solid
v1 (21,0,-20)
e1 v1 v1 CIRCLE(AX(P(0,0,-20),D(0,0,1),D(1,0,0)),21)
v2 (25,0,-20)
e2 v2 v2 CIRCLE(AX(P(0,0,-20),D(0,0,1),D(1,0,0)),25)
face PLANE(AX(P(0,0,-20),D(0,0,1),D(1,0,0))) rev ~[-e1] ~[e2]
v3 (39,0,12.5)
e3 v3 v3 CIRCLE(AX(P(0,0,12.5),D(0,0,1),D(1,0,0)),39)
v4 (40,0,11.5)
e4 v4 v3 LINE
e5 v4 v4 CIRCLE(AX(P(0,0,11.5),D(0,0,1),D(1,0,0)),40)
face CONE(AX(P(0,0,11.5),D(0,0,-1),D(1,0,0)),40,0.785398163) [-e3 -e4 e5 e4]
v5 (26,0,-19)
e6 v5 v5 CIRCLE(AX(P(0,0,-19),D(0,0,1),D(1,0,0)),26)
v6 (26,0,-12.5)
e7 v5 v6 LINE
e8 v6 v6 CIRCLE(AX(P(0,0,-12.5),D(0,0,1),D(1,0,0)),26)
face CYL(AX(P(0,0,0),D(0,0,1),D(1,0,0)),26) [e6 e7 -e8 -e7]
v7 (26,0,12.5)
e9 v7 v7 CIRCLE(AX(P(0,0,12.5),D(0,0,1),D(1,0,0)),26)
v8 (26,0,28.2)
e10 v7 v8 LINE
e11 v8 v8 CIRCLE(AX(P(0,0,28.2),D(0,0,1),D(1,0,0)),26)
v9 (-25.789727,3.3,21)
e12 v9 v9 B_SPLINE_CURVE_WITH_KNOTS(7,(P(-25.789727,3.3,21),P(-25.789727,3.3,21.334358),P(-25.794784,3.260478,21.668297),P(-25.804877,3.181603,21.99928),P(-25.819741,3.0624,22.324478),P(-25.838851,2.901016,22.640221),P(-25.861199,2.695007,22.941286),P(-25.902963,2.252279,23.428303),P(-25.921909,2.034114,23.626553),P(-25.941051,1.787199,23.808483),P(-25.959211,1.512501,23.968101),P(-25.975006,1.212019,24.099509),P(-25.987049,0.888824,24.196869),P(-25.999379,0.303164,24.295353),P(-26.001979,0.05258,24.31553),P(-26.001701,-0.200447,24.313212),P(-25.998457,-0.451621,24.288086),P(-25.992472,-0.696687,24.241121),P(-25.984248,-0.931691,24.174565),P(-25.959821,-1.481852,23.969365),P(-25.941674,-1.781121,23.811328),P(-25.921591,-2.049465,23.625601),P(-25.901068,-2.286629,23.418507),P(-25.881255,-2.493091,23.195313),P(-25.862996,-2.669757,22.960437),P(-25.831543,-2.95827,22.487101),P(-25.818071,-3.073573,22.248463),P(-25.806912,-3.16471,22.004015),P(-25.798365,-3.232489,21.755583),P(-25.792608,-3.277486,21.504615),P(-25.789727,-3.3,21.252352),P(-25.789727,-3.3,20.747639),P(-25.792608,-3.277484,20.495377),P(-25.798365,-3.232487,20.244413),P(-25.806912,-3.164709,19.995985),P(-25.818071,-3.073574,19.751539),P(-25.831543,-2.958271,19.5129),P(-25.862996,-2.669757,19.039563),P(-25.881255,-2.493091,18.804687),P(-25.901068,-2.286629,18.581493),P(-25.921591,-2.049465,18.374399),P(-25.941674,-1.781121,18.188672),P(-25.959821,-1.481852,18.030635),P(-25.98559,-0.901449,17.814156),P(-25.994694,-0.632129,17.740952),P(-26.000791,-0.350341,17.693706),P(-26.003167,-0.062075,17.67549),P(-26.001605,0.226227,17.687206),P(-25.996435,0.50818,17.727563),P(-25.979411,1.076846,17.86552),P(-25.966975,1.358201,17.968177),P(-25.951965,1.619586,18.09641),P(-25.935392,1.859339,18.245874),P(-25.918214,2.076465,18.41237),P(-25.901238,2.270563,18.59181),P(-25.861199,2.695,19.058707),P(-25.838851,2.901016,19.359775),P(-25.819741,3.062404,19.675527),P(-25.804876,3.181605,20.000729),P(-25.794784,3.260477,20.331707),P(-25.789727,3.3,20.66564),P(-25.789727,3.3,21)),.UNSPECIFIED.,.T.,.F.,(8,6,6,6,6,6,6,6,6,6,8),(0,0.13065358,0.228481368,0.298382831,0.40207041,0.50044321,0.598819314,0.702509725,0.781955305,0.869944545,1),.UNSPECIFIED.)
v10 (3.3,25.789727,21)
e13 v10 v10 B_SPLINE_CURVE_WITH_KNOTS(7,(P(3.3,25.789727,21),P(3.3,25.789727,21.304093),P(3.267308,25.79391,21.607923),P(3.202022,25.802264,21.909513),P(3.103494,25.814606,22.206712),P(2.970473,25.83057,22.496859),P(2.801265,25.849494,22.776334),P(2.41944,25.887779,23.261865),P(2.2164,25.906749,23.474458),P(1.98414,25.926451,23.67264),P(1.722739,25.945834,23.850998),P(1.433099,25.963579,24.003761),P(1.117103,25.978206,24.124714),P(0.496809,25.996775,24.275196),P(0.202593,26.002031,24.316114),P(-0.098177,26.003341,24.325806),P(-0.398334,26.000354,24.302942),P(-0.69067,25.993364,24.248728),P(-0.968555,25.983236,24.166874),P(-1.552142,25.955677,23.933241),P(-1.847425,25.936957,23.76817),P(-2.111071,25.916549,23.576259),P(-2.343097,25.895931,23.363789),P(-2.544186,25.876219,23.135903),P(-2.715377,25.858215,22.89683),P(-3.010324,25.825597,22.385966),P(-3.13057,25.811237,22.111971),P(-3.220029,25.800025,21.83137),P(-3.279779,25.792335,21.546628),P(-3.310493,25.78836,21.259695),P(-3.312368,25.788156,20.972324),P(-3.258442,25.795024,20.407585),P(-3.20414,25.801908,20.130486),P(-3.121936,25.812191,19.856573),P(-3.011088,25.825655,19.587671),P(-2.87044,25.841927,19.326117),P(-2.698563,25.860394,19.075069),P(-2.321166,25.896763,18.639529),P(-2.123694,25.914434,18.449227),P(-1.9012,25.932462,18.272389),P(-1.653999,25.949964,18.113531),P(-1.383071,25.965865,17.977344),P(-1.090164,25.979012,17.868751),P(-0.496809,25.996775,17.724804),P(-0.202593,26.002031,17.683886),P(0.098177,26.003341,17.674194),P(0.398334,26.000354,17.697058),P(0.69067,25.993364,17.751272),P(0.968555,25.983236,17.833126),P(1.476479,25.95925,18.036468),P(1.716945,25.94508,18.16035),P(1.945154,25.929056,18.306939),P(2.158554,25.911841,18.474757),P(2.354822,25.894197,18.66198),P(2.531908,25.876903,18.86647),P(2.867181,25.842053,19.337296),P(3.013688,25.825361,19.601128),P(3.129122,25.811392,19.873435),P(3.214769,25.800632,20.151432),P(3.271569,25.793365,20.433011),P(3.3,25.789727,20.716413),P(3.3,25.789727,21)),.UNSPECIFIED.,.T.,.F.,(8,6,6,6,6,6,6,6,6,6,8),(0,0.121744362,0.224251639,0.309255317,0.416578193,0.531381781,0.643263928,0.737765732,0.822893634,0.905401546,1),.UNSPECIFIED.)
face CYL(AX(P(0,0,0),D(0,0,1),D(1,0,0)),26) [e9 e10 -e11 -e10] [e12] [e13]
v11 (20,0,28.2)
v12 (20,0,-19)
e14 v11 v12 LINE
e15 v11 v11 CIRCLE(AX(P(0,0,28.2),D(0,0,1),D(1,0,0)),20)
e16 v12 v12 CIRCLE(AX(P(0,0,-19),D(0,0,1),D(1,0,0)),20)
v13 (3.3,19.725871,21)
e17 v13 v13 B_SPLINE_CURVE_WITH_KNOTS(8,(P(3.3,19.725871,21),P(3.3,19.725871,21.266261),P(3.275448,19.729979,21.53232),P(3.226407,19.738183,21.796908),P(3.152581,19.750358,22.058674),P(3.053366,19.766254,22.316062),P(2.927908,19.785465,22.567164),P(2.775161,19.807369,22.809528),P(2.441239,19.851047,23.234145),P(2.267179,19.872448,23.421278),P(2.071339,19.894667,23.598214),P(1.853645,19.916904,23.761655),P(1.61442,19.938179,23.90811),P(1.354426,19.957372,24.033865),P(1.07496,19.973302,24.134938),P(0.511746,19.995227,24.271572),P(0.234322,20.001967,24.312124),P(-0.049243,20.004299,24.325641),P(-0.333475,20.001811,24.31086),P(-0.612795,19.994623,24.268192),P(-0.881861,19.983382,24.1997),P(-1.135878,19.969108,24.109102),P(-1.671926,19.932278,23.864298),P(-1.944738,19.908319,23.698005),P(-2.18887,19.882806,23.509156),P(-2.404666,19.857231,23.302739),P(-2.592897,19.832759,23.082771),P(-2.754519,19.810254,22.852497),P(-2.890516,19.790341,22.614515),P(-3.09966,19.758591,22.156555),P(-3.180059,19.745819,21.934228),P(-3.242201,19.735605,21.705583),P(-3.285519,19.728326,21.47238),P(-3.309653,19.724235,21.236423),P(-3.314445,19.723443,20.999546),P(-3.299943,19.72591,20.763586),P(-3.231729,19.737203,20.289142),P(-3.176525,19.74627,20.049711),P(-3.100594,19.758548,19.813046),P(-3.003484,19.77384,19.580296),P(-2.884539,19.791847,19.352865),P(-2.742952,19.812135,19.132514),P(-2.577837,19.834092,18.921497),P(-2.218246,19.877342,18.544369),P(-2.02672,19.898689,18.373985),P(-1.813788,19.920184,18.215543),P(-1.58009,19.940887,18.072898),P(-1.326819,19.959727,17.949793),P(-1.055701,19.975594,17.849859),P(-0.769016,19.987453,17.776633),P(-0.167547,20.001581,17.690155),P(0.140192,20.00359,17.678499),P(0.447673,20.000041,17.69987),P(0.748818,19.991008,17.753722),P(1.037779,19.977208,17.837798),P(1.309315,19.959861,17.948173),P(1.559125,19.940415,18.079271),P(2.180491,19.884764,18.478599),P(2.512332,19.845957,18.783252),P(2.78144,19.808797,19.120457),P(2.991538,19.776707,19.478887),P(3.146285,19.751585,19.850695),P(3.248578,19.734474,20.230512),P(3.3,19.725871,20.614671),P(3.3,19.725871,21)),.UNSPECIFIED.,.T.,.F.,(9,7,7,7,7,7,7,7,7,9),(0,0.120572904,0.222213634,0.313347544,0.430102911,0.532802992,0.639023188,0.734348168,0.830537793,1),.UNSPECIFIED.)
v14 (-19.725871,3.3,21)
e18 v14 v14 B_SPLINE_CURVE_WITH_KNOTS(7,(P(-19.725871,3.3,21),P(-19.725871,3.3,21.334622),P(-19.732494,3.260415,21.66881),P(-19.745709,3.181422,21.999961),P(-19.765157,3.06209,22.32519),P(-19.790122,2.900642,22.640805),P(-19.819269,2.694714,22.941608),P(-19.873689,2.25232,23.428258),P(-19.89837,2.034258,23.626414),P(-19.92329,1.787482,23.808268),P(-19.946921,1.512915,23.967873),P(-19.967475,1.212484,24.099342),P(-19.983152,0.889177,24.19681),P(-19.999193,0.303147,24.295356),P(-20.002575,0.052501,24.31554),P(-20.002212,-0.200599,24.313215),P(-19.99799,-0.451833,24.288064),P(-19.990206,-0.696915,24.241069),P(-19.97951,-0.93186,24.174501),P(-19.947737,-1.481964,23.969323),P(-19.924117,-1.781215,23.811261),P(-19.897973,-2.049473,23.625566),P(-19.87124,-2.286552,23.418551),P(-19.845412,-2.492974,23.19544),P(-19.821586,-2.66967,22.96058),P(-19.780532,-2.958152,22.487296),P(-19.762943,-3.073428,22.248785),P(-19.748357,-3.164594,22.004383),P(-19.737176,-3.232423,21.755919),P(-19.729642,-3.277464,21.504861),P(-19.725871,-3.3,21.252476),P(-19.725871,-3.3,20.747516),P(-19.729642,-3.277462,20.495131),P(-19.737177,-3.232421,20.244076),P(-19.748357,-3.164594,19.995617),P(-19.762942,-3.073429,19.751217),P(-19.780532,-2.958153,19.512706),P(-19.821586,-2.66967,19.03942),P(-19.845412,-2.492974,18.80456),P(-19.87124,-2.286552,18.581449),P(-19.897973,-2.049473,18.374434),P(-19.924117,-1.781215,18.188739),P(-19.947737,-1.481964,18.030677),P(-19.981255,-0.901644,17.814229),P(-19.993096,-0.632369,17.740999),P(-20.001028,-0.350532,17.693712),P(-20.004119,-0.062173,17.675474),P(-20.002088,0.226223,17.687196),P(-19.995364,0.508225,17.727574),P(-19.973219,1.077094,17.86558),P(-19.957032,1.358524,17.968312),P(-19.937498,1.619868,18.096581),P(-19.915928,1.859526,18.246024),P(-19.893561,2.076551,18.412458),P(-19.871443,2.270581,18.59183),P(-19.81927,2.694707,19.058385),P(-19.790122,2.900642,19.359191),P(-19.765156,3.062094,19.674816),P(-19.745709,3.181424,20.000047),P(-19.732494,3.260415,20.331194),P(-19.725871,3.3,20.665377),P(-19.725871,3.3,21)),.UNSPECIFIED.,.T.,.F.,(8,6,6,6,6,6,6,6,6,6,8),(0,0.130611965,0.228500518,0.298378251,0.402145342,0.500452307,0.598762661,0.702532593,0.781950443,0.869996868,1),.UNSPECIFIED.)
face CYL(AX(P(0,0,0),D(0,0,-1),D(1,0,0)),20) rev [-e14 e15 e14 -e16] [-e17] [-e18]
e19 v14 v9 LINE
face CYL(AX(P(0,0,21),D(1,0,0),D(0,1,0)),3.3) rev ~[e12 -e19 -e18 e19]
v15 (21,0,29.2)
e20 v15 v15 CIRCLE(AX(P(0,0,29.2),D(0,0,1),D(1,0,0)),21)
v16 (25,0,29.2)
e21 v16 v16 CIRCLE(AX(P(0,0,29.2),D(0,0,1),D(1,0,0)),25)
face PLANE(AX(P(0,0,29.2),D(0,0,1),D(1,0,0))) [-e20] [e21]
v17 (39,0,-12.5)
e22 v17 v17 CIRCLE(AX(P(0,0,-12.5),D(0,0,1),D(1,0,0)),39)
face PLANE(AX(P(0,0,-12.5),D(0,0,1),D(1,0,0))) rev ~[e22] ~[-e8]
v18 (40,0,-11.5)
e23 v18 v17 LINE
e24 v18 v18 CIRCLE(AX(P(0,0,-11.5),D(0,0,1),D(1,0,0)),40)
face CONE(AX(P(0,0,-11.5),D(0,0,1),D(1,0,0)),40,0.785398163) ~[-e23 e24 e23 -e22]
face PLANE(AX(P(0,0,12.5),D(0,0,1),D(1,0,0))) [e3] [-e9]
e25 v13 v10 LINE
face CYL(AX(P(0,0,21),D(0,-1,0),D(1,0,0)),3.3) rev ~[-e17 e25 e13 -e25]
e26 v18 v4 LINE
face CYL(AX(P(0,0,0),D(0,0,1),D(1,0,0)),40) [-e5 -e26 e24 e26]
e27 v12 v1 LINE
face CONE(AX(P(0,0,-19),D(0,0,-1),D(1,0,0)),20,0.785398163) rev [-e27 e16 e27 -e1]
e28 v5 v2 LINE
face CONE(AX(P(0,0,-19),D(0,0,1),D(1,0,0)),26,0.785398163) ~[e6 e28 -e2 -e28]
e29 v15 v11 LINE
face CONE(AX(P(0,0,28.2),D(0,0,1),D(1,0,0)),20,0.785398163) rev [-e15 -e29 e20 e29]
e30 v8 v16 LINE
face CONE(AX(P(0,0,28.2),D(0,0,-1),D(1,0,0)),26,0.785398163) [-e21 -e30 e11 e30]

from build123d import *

# Parameters (mm, degrees)
F0_R          = 26
F0_R_2        = 20
F1_DEPTH      = 29.2
F1_DEPTH_BACK = 20
F2_SIZE       = 1
F4_D          = 6.6
F4_DEPTH      = 26.001
F6_D          = 6.6
F6_DEPTH      = 26.0010001
F7_R          = 40
F8_DEPTH      = 12.5
F8_DEPTH_BACK = 12.5
F9_DEPTH      = 25
F10_SIZE      = 1


with BuildPart() as f1:
    # F0 (on Top) → F1 (new body, two sides)
    with BuildSketch(Plane.XY) as f1_sk:
        Circle(F0_R)
        Circle(F0_R_2, mode=Mode.SUBTRACT)
    extrude(amount=F1_DEPTH)
    extrude(f1_sk.sketch, amount=-F1_DEPTH_BACK)

    # F2
    f2_edges = [f1.edges().sort_by_distance(p)[0] for p in [
        (-20, 0, 29.2),
        (-26, 0, 29.2),
        (-20, 0, -20),
        (-26, 0, -20),
    ]]
    chamfer(f2_edges, length=F2_SIZE)

    # F4 (through all, one way)
    with BuildSketch(Plane.XZ):
        with Locations((0, 21)):
            Circle(F4_D / 2)
    extrude(amount=-F4_DEPTH, mode=Mode.SUBTRACT)

    # F6 (through all, one way)
    with BuildSketch(Plane.YZ):
        with Locations((0, 21)):
            Circle(F6_D / 2)
    extrude(amount=-F6_DEPTH, mode=Mode.SUBTRACT)

    # F7 (on Top) → F8 (join, two sides)
    with BuildSketch(Plane.XY) as f8_sk:
        Circle(F7_R)
    extrude(amount=F8_DEPTH)
    extrude(f8_sk.sketch, amount=-F8_DEPTH_BACK)

    # F9 (cut): a face of the model
    f9_faces = [f1.faces().sort_by_distance(p)[0] for p in [
        (0, 0, 12.5),
    ]]
    extrude(f9_faces, amount=-F9_DEPTH, mode=Mode.SUBTRACT)

    # F10
    f10_edges = [f1.edges().sort_by_distance(p)[0] for p in [
        (-40, 0, 12.5),
        (-40, 0, -12.5),
    ]]
    chamfer(f10_edges, length=F10_SIZE)


solid = f1.part
